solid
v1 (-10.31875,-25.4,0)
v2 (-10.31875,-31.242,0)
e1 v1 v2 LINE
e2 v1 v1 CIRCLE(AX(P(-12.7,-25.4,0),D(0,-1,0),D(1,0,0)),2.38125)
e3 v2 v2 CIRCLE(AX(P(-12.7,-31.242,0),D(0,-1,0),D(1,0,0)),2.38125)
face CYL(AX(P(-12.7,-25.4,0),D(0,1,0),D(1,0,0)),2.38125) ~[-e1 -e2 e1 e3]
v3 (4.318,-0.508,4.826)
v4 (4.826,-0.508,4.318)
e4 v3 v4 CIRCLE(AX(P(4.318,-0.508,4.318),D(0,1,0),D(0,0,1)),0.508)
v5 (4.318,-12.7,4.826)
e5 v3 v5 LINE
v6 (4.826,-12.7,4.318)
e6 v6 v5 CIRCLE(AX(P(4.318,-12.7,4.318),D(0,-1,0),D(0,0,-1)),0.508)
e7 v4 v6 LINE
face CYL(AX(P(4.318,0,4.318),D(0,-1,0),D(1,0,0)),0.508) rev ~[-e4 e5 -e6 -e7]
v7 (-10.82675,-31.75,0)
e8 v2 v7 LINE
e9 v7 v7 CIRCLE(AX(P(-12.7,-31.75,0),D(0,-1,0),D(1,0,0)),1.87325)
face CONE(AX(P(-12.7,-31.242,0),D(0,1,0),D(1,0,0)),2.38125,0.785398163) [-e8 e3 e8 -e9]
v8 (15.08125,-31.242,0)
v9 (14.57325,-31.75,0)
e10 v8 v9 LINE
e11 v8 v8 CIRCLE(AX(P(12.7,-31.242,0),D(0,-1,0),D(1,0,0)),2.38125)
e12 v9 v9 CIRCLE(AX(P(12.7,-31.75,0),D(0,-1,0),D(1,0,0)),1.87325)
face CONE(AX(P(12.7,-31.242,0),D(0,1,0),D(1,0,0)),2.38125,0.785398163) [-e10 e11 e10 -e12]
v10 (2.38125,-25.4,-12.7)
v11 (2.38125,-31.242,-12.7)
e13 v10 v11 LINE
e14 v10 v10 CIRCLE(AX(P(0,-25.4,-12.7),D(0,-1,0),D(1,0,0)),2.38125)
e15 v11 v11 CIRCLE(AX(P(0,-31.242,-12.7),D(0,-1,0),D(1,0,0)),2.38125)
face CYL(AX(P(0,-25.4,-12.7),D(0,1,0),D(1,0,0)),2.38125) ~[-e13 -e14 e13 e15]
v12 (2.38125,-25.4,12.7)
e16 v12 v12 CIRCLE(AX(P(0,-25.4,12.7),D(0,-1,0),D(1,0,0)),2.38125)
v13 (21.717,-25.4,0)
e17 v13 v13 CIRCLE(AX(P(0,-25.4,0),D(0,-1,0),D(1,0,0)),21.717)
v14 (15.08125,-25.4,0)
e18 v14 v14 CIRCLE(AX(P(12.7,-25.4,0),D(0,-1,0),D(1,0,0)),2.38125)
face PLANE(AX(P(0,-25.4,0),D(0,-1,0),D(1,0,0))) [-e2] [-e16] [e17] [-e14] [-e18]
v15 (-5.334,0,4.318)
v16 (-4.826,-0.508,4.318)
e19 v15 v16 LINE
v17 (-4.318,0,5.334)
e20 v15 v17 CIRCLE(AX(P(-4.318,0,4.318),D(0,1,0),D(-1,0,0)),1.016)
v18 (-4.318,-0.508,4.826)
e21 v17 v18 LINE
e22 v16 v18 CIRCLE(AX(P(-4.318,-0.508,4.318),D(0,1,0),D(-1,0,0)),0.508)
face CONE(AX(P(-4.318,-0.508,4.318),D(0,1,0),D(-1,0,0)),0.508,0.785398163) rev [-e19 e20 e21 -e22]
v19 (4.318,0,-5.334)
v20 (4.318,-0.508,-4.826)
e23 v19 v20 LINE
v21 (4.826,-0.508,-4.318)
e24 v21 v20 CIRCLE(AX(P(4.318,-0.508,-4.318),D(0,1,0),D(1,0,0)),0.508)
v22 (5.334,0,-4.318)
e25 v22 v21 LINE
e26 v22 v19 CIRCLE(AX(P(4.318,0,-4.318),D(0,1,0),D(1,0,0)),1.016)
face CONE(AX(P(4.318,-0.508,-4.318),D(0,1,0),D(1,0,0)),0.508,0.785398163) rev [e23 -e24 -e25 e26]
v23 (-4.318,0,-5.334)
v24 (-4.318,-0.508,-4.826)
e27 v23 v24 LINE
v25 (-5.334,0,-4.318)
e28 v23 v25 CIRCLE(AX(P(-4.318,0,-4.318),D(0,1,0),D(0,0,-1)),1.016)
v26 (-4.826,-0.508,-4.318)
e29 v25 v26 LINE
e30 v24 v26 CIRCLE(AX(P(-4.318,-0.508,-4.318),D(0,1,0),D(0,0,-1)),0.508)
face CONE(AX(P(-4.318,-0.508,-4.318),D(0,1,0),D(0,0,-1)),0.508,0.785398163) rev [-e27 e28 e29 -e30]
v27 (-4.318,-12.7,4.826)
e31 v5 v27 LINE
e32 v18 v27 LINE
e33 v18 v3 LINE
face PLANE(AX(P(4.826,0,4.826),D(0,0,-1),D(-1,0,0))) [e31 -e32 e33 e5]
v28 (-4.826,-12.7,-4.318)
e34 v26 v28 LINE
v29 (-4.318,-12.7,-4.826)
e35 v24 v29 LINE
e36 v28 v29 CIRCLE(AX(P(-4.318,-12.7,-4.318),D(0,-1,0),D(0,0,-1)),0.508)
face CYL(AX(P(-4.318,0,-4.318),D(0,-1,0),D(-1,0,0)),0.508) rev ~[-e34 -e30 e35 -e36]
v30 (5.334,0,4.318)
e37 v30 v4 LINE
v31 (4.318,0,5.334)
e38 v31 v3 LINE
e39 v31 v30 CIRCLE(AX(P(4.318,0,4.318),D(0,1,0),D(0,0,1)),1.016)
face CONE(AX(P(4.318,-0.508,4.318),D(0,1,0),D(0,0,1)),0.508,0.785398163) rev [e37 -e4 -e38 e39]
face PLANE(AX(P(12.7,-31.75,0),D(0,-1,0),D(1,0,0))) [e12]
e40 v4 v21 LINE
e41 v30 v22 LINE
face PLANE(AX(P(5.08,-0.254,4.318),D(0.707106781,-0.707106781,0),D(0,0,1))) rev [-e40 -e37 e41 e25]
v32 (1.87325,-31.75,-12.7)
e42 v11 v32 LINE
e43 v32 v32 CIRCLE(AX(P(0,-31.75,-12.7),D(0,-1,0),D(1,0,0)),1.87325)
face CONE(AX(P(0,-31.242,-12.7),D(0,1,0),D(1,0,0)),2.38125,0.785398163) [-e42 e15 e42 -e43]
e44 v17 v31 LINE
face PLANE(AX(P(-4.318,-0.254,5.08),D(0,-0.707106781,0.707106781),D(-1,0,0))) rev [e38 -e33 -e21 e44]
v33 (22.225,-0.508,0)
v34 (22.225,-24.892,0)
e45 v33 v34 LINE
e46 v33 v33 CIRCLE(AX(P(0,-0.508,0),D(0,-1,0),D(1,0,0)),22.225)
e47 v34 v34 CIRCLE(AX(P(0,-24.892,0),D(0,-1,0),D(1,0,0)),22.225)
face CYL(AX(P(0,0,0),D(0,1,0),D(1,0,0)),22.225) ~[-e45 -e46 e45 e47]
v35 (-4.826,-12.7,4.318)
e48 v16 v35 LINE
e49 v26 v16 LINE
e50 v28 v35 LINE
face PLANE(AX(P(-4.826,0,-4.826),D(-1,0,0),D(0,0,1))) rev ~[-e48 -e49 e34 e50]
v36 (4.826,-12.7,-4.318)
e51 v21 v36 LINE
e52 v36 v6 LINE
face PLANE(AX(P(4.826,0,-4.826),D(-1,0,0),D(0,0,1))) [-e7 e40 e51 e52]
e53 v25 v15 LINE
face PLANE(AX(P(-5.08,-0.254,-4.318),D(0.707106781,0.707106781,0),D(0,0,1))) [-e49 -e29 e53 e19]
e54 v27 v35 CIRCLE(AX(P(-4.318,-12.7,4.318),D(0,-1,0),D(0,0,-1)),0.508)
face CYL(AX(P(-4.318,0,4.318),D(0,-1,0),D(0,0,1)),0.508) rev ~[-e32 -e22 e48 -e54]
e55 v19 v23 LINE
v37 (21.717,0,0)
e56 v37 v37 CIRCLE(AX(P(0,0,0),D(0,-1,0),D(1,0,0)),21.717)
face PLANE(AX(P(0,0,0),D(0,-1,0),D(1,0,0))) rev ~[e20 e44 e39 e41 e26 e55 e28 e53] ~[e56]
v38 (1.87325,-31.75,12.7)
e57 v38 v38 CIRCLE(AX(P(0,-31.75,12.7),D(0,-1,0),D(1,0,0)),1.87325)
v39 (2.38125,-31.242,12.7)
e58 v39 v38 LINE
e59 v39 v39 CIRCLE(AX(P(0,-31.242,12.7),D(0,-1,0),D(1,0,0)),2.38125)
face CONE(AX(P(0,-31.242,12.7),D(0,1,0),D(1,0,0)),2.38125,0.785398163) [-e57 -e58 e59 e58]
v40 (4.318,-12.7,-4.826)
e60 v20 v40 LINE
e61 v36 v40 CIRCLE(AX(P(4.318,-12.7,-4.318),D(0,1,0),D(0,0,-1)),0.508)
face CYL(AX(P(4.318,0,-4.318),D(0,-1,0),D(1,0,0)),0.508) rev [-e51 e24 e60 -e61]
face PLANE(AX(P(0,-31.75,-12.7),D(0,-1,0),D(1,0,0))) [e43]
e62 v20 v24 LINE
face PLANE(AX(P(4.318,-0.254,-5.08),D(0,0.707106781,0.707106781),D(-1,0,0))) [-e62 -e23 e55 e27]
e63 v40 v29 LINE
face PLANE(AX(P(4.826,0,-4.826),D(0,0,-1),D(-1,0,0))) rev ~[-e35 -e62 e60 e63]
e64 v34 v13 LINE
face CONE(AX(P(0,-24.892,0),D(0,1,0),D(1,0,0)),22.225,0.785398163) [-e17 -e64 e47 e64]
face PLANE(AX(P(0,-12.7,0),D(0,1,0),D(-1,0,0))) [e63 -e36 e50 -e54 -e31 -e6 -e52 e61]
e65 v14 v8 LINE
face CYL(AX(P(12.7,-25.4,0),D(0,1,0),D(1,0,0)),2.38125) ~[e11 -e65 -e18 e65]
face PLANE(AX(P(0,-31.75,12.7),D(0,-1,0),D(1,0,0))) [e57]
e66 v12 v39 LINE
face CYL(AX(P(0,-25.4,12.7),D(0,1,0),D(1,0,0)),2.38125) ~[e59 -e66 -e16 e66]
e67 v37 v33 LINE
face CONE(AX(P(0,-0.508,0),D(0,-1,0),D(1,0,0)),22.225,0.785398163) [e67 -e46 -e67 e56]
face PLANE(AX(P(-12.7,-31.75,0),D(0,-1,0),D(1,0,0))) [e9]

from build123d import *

# Parameters (mm, degrees)
F0_R     = 22.225
F1_DEPTH = 25.4
F2_R     = 2.38125
F3_DEPTH = 6.35
F4_W     = 9.652
F4_H     = 9.652
F5_DEPTH = 12.7
F6_R     = 0.508
F7_SIZE  = 0.508


with BuildPart() as f1:
    # F0 (on Front) → F1 (new body)
    with BuildSketch(Plane.XZ):
        Circle(F0_R)
    extrude(amount=F1_DEPTH)

    # F2 (on face) → F3 (join)
    with BuildSketch(Plane.XZ.offset(25.4)):
        with Locations((0, 12.7)):
            Circle(F2_R)
        with Locations((-12.7, 0)):
            Circle(F2_R)
        with Locations((0, -12.7)):
            Circle(F2_R)
        with Locations((12.7, 0)):
            Circle(F2_R)
    extrude(amount=F3_DEPTH)

    # F4 (on face) → F5 (cut)
    with BuildSketch(Plane(origin=(0, 0, 0), x_dir=(-1, 0, 0), z_dir=(0, 1, 0))):
        Rectangle(F4_W, F4_H)
    extrude(amount=-F5_DEPTH, mode=Mode.SUBTRACT)

    # F6
    f6_edges = [f1.edges().sort_by_distance(p)[0] for p in [
        (-4.826, -6.35, -4.826),
        (-4.826, -6.35, 4.826),
        (4.826, -6.35, 4.826),
        (4.826, -6.35, -4.826),
    ]]
    fillet(f6_edges, radius=F6_R)

    # F7
    f7_edges = [f1.edges().sort_by_distance(p)[0] for p in [
        (0, 0, -4.826),
        (-22.225, 0, 0),
        (-22.225, -25.4, 0),
        (-15.08125, -31.75, 0),
        (-2.38125, -31.75, 12.7),
        (10.31875, -31.75, 0),
        (-2.38125, -31.75, -12.7),
    ]]
    chamfer(f7_edges, length=F7_SIZE)


solid = f1.part
